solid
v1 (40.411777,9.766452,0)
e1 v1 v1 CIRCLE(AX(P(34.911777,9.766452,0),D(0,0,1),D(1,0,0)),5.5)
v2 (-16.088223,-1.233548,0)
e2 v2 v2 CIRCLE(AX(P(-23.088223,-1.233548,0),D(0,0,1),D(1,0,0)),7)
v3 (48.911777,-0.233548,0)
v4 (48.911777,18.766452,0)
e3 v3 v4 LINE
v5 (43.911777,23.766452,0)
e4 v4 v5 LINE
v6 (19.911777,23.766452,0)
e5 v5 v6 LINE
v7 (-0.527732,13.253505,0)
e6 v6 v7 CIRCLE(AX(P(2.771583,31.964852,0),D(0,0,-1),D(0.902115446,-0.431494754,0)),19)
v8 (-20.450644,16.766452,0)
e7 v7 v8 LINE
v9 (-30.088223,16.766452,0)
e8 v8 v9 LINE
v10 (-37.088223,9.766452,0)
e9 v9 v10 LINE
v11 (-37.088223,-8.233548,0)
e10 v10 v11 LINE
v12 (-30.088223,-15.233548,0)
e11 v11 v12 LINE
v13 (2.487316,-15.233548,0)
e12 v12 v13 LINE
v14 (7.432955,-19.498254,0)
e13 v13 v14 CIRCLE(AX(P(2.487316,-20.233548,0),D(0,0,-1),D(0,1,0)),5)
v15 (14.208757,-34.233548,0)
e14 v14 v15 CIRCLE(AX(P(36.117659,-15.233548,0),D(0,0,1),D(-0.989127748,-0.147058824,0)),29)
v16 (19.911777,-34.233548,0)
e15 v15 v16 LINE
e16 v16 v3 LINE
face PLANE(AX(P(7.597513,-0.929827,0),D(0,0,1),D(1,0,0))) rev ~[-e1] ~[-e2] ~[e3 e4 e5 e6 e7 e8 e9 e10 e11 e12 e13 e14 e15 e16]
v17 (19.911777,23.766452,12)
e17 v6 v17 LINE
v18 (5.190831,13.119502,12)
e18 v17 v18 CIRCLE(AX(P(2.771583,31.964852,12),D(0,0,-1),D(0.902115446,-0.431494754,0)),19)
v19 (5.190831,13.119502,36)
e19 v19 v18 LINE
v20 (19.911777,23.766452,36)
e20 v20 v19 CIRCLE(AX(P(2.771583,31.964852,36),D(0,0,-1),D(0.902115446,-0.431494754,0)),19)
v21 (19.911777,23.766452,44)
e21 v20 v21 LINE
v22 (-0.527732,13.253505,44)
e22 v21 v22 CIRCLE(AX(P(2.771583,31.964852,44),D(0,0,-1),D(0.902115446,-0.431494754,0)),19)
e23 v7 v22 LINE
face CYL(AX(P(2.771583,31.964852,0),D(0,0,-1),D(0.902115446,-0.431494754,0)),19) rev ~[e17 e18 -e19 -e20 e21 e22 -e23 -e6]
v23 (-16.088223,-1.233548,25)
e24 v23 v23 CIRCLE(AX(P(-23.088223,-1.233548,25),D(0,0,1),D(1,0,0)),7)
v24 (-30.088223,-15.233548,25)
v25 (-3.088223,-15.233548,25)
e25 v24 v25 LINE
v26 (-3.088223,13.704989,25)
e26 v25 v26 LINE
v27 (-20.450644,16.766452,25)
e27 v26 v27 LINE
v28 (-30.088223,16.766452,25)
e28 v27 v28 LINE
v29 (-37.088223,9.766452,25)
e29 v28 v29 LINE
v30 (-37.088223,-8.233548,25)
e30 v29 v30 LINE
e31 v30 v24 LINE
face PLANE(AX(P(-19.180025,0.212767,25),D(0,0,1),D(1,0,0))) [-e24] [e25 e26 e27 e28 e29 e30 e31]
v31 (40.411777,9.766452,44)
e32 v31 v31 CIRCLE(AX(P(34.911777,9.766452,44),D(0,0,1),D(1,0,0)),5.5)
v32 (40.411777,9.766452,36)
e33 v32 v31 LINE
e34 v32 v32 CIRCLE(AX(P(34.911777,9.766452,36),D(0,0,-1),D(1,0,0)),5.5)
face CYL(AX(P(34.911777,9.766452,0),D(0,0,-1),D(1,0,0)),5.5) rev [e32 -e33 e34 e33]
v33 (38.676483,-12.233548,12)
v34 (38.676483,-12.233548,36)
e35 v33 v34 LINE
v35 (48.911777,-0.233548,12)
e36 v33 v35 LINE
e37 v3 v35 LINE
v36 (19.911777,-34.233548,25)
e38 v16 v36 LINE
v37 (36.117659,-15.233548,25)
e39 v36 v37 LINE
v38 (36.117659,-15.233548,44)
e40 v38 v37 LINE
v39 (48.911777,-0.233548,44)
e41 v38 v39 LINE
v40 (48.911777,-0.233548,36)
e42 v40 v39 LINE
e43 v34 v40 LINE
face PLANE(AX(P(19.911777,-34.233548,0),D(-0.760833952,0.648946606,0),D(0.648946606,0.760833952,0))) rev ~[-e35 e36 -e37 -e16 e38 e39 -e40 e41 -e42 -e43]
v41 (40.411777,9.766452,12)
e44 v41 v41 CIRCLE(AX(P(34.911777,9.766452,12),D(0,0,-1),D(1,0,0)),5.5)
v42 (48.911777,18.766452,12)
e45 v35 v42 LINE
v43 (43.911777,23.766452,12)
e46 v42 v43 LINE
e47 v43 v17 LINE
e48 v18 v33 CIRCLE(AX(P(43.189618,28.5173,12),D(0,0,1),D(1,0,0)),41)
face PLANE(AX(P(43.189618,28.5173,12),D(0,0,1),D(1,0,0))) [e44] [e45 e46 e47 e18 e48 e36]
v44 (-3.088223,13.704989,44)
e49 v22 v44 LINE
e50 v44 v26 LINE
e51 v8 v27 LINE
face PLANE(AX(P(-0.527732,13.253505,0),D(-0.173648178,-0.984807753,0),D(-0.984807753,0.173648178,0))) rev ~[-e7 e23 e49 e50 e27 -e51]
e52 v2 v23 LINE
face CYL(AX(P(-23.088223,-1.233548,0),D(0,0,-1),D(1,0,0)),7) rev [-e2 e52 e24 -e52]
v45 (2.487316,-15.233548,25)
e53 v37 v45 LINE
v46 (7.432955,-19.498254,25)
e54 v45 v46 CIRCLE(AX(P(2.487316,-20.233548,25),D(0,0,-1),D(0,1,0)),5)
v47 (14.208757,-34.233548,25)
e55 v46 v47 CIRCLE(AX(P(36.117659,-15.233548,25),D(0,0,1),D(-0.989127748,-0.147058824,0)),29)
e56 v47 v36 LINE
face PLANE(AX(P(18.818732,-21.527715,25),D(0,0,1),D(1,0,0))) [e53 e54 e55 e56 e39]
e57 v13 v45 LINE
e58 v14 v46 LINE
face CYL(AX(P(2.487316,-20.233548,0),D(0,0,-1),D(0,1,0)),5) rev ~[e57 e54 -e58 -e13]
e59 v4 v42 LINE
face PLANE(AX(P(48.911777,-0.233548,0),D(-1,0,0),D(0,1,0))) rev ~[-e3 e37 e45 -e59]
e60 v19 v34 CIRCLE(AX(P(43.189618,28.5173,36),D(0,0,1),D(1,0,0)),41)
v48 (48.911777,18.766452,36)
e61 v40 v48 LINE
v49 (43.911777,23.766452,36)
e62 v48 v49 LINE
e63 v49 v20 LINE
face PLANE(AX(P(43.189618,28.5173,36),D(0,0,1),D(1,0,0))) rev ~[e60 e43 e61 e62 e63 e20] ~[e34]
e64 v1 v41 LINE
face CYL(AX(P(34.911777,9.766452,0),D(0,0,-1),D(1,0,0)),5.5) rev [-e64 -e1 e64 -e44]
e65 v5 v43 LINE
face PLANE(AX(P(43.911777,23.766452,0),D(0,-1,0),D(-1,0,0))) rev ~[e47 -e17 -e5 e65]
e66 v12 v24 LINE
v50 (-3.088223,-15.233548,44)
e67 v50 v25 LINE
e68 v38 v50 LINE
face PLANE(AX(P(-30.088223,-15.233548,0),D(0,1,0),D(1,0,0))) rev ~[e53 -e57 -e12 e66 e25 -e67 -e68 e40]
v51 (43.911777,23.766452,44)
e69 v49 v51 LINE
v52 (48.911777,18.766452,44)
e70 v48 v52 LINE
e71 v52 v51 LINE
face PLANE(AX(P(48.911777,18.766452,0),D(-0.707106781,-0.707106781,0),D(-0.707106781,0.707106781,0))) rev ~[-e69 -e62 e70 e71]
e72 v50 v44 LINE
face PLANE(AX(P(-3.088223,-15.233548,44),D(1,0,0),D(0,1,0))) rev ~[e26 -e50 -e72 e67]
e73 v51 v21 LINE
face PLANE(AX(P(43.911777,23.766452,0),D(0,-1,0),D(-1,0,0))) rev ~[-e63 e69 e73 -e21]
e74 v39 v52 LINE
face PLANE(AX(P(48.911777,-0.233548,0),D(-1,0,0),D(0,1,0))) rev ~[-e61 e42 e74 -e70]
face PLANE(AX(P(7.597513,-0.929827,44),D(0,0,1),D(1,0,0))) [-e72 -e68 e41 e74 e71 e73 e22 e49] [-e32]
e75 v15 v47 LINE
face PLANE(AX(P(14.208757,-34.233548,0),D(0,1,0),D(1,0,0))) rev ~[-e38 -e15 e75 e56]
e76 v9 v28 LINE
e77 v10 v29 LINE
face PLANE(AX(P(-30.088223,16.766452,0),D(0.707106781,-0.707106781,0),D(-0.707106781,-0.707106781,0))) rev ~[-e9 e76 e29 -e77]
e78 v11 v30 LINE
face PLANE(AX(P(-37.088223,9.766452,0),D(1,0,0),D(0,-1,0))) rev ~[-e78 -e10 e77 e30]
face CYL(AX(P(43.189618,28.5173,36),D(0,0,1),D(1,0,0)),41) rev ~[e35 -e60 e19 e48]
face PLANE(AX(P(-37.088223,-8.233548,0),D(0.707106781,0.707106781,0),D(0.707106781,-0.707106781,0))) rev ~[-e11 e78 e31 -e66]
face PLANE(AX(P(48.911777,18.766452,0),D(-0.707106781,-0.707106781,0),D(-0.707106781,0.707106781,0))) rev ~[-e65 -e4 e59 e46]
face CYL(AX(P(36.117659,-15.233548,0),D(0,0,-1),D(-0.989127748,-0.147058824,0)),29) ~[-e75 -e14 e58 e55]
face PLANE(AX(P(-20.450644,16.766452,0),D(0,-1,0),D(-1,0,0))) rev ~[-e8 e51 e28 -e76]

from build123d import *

# Parameters (mm, degrees)
F0_R     = 7
F0_R_2   = 5.5
F1_DEPTH = 44
F2_R     = 7
F3_DEPTH = 19
F5_R     = 41
F6_DEPTH = 24
F8_DEPTH = 19


with BuildPart() as f1:
    # F0 (on Top) → F1 (new body)
    with BuildSketch(Plane.XY):
        with BuildLine():
            Line((-20.4506443609, 16.7664520695), (-30.0882231277, 16.7664520695))
            Line((-30.0882231277, 16.7664520695), (-37.0882231277, 9.7664520695))
            Line((-37.0882231277, 9.7664520695), (-37.0882231277, -8.2335479305))
            Line((-37.0882231277, -8.2335479305), (-30.0882231277, -15.2335479305))
            Line((-30.0882231277, -15.2335479305), (2.4873157836, -15.2335479305))
            ThreePointArc((2.4873157836, -15.2335479305), (5.7525515647, -16.4469616983), (7.432954525, -19.4982538128))
            ThreePointArc((7.432954525, -19.4982538128), (9.7697847282, -27.3492199915), (14.208756925, -34.2335479305))
            Line((14.208756925, -34.2335479305), (19.9117768723, -34.2335479305))
            Line((19.9117768723, -34.2335479305), (48.9117768723, -0.2335479305))
            Line((48.9117768723, -0.2335479305), (48.9117768723, 18.7664520695))
            Line((48.9117768723, 18.7664520695), (43.9117768723, 23.7664520695))
            Line((43.9117768723, 23.7664520695), (19.9117768723, 23.7664520695))
            ThreePointArc((19.9117768723, 23.7664520695), (11.4619798371, 15.0687874681), (-0.5277319739, 13.2535050814))
            Line((-0.5277319739, 13.2535050814), (-20.4506443609, 16.7664520695))
        make_face()
        with Locations((-23.0882231277, -1.2335479305)):
            Circle(F0_R, mode=Mode.SUBTRACT)
        with Locations((34.9117768723, 9.7664520695)):
            Circle(F0_R_2, mode=Mode.SUBTRACT)
    extrude(amount=F1_DEPTH)

    # F2 (on face) → F3 (cut)
    with BuildSketch(Plane.XY.offset(44)):
        Polygon((-30.0882231277, -15.2335479305), (-3.0882231277, -15.2335479305), (-3.0882231277, 13.7049887557), (-20.4506443609, 16.7664520695), (-30.0882231277, 16.7664520695), (-37.0882231277, 9.7664520695), (-37.0882231277, -8.2335479305), align=None)
        with Locations((-23.0882231277, -1.2335479305)):
            Circle(F2_R, mode=Mode.SUBTRACT)
    extrude(amount=-F3_DEPTH, mode=Mode.SUBTRACT)

    # F5 (on offset) → F6 (cut)
    with BuildSketch(Plane.XY.offset(36)):
        with Locations((43.189617951, 28.5173000447)):
            Circle(F5_R)
    extrude(amount=-F6_DEPTH, mode=Mode.SUBTRACT)

    # F7 (on face) → F8 (cut)
    with BuildSketch(Plane.XY.offset(44)):
        with BuildLine():
            Line((36.1176592252, -15.2335479305), (2.4873157836, -15.2335479305))
            ThreePointArc((2.4873157836, -15.2335479305), (5.7525515647, -16.4469616983), (7.432954525, -19.4982538128))
            ThreePointArc((7.432954525, -19.4982538128), (9.7697847282, -27.3492199915), (14.208756925, -34.2335479305))
            Line((14.208756925, -34.2335479305), (19.9117768723, -34.2335479305))
            Line((19.9117768723, -34.2335479305), (36.1176592252, -15.2335479305))
        make_face()
    extrude(amount=-F8_DEPTH, mode=Mode.SUBTRACT)


solid = f1.part
